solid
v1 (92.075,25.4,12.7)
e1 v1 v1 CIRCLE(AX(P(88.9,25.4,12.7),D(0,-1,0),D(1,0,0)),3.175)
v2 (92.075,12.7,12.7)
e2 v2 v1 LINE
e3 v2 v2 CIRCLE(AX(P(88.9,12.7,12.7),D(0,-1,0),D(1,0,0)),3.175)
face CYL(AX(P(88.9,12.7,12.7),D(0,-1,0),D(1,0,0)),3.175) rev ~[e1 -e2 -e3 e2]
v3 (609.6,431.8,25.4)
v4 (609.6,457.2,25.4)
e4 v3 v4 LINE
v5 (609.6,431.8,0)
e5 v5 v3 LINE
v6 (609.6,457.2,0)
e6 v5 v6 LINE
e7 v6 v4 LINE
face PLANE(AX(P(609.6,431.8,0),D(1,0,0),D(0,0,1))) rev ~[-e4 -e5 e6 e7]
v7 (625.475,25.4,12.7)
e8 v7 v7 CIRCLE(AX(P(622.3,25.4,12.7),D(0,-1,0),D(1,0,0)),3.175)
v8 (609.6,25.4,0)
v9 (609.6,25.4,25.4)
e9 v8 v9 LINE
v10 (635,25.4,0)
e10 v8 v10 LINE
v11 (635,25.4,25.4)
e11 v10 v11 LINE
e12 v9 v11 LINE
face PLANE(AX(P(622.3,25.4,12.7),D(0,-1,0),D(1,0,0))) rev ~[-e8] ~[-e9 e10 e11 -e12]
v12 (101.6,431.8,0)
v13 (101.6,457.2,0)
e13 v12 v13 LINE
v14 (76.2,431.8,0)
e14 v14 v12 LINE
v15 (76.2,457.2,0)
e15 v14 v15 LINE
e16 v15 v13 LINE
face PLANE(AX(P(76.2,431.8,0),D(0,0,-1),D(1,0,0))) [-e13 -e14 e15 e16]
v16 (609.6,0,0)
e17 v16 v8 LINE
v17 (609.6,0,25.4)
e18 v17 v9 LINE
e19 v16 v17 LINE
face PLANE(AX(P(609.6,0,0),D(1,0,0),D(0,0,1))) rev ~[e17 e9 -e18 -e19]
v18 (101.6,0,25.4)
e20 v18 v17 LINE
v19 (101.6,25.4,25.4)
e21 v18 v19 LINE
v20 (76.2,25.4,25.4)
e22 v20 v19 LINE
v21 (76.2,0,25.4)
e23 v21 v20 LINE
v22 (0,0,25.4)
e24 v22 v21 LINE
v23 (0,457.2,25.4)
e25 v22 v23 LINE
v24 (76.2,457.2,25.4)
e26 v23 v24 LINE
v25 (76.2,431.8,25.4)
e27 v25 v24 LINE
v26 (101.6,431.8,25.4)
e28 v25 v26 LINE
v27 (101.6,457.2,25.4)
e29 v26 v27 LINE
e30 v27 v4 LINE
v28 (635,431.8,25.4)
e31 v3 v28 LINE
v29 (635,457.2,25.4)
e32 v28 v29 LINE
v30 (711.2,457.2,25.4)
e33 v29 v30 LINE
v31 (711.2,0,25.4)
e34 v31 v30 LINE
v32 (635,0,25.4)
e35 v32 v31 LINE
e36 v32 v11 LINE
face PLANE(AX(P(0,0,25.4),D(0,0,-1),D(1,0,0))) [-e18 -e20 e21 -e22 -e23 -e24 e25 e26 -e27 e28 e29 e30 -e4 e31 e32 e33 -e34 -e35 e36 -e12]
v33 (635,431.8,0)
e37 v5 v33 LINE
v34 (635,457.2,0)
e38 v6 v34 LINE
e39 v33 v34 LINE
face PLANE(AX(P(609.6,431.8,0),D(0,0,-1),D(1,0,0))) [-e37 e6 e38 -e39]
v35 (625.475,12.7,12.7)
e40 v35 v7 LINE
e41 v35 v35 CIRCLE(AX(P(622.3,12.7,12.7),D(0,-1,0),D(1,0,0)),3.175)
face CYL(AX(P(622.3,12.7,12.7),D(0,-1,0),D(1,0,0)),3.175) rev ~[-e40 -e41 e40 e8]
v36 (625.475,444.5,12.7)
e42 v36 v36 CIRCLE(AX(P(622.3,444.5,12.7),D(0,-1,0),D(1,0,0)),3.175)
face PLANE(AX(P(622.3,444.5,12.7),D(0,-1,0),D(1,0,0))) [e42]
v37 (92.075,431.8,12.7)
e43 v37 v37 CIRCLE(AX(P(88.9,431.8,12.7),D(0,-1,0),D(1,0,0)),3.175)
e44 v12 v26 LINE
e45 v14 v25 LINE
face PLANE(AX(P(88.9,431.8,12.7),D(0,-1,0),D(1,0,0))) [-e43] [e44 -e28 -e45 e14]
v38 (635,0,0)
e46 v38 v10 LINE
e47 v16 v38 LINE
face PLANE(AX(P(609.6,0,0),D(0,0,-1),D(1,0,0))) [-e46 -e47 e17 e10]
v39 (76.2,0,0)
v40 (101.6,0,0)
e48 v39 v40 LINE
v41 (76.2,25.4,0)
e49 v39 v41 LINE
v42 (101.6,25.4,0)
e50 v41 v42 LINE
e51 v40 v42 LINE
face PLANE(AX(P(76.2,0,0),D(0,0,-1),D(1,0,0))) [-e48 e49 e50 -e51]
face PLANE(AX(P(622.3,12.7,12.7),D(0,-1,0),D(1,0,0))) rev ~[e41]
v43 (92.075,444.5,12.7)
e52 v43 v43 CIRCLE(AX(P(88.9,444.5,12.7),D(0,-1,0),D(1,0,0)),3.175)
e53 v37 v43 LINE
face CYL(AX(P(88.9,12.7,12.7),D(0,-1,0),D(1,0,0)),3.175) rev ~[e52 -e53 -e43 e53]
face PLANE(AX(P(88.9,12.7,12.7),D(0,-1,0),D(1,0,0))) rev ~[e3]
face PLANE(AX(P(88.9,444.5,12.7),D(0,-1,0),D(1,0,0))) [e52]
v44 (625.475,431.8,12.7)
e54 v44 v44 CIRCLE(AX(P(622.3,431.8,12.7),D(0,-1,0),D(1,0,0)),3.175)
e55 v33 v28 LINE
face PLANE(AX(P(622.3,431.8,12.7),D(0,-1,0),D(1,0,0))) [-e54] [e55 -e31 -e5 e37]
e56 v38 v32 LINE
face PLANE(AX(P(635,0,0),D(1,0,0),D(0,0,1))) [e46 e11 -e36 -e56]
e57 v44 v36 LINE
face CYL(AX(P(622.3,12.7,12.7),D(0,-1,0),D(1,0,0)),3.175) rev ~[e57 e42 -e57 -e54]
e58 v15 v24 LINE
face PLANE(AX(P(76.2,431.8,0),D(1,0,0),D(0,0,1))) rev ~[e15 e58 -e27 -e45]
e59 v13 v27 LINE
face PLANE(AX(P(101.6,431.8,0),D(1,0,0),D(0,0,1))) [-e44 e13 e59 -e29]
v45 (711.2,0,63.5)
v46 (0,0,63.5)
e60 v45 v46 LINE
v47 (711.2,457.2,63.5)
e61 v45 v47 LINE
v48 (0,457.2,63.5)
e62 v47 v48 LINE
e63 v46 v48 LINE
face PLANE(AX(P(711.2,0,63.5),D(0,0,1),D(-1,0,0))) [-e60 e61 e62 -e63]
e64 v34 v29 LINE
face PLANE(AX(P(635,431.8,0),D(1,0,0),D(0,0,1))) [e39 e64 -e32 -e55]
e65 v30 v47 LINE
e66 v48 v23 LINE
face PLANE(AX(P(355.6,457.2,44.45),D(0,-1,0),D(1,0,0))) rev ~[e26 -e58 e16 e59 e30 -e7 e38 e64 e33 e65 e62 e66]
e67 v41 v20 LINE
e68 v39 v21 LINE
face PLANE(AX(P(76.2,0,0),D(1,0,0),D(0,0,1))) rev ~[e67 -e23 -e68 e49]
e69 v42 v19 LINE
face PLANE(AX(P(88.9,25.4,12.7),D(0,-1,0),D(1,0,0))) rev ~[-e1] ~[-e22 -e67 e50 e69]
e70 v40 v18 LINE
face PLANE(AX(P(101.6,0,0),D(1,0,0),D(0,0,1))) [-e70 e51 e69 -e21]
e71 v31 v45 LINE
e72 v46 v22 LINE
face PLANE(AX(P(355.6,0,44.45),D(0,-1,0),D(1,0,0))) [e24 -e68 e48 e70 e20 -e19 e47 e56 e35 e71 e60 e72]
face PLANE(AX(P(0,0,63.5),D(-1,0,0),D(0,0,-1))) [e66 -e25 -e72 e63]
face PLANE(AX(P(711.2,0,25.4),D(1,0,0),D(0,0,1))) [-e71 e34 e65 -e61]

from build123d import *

# Parameters (mm, degrees)
F1_DEPTH = 457.2
F0_W     = 25.4
F0_H     = 25.4
F0_R     = 3.175
F2_DEPTH = 25.4
F3_START = -431.8
F3_DEPTH = 25.4
F4_START = -12.7
F4_DEPTH = 431.8


with BuildPart() as f1:
    # F0 (on Front) → F1 (new body)
    with BuildSketch(Plane.XZ):
        Polygon((711.2, 63.5), (0, 63.5), (0, 25.4), (76.2, 25.4), (101.6, 25.4), (609.6, 25.4), (635, 25.4), (711.2, 25.4), align=None)
    extrude(amount=-F1_DEPTH)

    # F0 (on Front) → F2 (join)
    with BuildSketch(Plane.XZ):
        with Locations((88.9, 12.7)):
            Rectangle(F0_W, F0_H)
        with Locations((88.9, 12.7)):
            Circle(F0_R, mode=Mode.SUBTRACT)
        with Locations((622.3, 12.7)):
            Rectangle(F0_W, F0_H)
        with Locations((622.3, 12.7)):
            Circle(F0_R, mode=Mode.SUBTRACT)
        with Locations((88.9, 12.7)):
            Circle(F0_R)
        with Locations((622.3, 12.7)):
            Circle(F0_R)
    extrude(amount=-F2_DEPTH)

    # F0 (on Front) → F3 (join)
    with BuildSketch(Plane.XZ.offset(F3_START)):
        with Locations((88.9, 12.7)):
            Rectangle(F0_W, F0_H)
        with Locations((88.9, 12.7)):
            Circle(F0_R, mode=Mode.SUBTRACT)
        with Locations((622.3, 12.7)):
            Rectangle(F0_W, F0_H)
        with Locations((622.3, 12.7)):
            Circle(F0_R, mode=Mode.SUBTRACT)
        with Locations((622.3, 12.7)):
            Circle(F0_R)
        with Locations((88.9, 12.7)):
            Circle(F0_R)
    extrude(amount=-F3_DEPTH)

    # F0 (on Front) → F4 (cut)
    with BuildSketch(Plane.XZ.offset(F4_START)):
        with Locations((88.9, 12.7)):
            Circle(F0_R)
        with Locations((622.3, 12.7)):
            Circle(F0_R)
    extrude(amount=-F4_DEPTH, mode=Mode.SUBTRACT)


solid = f1.part
